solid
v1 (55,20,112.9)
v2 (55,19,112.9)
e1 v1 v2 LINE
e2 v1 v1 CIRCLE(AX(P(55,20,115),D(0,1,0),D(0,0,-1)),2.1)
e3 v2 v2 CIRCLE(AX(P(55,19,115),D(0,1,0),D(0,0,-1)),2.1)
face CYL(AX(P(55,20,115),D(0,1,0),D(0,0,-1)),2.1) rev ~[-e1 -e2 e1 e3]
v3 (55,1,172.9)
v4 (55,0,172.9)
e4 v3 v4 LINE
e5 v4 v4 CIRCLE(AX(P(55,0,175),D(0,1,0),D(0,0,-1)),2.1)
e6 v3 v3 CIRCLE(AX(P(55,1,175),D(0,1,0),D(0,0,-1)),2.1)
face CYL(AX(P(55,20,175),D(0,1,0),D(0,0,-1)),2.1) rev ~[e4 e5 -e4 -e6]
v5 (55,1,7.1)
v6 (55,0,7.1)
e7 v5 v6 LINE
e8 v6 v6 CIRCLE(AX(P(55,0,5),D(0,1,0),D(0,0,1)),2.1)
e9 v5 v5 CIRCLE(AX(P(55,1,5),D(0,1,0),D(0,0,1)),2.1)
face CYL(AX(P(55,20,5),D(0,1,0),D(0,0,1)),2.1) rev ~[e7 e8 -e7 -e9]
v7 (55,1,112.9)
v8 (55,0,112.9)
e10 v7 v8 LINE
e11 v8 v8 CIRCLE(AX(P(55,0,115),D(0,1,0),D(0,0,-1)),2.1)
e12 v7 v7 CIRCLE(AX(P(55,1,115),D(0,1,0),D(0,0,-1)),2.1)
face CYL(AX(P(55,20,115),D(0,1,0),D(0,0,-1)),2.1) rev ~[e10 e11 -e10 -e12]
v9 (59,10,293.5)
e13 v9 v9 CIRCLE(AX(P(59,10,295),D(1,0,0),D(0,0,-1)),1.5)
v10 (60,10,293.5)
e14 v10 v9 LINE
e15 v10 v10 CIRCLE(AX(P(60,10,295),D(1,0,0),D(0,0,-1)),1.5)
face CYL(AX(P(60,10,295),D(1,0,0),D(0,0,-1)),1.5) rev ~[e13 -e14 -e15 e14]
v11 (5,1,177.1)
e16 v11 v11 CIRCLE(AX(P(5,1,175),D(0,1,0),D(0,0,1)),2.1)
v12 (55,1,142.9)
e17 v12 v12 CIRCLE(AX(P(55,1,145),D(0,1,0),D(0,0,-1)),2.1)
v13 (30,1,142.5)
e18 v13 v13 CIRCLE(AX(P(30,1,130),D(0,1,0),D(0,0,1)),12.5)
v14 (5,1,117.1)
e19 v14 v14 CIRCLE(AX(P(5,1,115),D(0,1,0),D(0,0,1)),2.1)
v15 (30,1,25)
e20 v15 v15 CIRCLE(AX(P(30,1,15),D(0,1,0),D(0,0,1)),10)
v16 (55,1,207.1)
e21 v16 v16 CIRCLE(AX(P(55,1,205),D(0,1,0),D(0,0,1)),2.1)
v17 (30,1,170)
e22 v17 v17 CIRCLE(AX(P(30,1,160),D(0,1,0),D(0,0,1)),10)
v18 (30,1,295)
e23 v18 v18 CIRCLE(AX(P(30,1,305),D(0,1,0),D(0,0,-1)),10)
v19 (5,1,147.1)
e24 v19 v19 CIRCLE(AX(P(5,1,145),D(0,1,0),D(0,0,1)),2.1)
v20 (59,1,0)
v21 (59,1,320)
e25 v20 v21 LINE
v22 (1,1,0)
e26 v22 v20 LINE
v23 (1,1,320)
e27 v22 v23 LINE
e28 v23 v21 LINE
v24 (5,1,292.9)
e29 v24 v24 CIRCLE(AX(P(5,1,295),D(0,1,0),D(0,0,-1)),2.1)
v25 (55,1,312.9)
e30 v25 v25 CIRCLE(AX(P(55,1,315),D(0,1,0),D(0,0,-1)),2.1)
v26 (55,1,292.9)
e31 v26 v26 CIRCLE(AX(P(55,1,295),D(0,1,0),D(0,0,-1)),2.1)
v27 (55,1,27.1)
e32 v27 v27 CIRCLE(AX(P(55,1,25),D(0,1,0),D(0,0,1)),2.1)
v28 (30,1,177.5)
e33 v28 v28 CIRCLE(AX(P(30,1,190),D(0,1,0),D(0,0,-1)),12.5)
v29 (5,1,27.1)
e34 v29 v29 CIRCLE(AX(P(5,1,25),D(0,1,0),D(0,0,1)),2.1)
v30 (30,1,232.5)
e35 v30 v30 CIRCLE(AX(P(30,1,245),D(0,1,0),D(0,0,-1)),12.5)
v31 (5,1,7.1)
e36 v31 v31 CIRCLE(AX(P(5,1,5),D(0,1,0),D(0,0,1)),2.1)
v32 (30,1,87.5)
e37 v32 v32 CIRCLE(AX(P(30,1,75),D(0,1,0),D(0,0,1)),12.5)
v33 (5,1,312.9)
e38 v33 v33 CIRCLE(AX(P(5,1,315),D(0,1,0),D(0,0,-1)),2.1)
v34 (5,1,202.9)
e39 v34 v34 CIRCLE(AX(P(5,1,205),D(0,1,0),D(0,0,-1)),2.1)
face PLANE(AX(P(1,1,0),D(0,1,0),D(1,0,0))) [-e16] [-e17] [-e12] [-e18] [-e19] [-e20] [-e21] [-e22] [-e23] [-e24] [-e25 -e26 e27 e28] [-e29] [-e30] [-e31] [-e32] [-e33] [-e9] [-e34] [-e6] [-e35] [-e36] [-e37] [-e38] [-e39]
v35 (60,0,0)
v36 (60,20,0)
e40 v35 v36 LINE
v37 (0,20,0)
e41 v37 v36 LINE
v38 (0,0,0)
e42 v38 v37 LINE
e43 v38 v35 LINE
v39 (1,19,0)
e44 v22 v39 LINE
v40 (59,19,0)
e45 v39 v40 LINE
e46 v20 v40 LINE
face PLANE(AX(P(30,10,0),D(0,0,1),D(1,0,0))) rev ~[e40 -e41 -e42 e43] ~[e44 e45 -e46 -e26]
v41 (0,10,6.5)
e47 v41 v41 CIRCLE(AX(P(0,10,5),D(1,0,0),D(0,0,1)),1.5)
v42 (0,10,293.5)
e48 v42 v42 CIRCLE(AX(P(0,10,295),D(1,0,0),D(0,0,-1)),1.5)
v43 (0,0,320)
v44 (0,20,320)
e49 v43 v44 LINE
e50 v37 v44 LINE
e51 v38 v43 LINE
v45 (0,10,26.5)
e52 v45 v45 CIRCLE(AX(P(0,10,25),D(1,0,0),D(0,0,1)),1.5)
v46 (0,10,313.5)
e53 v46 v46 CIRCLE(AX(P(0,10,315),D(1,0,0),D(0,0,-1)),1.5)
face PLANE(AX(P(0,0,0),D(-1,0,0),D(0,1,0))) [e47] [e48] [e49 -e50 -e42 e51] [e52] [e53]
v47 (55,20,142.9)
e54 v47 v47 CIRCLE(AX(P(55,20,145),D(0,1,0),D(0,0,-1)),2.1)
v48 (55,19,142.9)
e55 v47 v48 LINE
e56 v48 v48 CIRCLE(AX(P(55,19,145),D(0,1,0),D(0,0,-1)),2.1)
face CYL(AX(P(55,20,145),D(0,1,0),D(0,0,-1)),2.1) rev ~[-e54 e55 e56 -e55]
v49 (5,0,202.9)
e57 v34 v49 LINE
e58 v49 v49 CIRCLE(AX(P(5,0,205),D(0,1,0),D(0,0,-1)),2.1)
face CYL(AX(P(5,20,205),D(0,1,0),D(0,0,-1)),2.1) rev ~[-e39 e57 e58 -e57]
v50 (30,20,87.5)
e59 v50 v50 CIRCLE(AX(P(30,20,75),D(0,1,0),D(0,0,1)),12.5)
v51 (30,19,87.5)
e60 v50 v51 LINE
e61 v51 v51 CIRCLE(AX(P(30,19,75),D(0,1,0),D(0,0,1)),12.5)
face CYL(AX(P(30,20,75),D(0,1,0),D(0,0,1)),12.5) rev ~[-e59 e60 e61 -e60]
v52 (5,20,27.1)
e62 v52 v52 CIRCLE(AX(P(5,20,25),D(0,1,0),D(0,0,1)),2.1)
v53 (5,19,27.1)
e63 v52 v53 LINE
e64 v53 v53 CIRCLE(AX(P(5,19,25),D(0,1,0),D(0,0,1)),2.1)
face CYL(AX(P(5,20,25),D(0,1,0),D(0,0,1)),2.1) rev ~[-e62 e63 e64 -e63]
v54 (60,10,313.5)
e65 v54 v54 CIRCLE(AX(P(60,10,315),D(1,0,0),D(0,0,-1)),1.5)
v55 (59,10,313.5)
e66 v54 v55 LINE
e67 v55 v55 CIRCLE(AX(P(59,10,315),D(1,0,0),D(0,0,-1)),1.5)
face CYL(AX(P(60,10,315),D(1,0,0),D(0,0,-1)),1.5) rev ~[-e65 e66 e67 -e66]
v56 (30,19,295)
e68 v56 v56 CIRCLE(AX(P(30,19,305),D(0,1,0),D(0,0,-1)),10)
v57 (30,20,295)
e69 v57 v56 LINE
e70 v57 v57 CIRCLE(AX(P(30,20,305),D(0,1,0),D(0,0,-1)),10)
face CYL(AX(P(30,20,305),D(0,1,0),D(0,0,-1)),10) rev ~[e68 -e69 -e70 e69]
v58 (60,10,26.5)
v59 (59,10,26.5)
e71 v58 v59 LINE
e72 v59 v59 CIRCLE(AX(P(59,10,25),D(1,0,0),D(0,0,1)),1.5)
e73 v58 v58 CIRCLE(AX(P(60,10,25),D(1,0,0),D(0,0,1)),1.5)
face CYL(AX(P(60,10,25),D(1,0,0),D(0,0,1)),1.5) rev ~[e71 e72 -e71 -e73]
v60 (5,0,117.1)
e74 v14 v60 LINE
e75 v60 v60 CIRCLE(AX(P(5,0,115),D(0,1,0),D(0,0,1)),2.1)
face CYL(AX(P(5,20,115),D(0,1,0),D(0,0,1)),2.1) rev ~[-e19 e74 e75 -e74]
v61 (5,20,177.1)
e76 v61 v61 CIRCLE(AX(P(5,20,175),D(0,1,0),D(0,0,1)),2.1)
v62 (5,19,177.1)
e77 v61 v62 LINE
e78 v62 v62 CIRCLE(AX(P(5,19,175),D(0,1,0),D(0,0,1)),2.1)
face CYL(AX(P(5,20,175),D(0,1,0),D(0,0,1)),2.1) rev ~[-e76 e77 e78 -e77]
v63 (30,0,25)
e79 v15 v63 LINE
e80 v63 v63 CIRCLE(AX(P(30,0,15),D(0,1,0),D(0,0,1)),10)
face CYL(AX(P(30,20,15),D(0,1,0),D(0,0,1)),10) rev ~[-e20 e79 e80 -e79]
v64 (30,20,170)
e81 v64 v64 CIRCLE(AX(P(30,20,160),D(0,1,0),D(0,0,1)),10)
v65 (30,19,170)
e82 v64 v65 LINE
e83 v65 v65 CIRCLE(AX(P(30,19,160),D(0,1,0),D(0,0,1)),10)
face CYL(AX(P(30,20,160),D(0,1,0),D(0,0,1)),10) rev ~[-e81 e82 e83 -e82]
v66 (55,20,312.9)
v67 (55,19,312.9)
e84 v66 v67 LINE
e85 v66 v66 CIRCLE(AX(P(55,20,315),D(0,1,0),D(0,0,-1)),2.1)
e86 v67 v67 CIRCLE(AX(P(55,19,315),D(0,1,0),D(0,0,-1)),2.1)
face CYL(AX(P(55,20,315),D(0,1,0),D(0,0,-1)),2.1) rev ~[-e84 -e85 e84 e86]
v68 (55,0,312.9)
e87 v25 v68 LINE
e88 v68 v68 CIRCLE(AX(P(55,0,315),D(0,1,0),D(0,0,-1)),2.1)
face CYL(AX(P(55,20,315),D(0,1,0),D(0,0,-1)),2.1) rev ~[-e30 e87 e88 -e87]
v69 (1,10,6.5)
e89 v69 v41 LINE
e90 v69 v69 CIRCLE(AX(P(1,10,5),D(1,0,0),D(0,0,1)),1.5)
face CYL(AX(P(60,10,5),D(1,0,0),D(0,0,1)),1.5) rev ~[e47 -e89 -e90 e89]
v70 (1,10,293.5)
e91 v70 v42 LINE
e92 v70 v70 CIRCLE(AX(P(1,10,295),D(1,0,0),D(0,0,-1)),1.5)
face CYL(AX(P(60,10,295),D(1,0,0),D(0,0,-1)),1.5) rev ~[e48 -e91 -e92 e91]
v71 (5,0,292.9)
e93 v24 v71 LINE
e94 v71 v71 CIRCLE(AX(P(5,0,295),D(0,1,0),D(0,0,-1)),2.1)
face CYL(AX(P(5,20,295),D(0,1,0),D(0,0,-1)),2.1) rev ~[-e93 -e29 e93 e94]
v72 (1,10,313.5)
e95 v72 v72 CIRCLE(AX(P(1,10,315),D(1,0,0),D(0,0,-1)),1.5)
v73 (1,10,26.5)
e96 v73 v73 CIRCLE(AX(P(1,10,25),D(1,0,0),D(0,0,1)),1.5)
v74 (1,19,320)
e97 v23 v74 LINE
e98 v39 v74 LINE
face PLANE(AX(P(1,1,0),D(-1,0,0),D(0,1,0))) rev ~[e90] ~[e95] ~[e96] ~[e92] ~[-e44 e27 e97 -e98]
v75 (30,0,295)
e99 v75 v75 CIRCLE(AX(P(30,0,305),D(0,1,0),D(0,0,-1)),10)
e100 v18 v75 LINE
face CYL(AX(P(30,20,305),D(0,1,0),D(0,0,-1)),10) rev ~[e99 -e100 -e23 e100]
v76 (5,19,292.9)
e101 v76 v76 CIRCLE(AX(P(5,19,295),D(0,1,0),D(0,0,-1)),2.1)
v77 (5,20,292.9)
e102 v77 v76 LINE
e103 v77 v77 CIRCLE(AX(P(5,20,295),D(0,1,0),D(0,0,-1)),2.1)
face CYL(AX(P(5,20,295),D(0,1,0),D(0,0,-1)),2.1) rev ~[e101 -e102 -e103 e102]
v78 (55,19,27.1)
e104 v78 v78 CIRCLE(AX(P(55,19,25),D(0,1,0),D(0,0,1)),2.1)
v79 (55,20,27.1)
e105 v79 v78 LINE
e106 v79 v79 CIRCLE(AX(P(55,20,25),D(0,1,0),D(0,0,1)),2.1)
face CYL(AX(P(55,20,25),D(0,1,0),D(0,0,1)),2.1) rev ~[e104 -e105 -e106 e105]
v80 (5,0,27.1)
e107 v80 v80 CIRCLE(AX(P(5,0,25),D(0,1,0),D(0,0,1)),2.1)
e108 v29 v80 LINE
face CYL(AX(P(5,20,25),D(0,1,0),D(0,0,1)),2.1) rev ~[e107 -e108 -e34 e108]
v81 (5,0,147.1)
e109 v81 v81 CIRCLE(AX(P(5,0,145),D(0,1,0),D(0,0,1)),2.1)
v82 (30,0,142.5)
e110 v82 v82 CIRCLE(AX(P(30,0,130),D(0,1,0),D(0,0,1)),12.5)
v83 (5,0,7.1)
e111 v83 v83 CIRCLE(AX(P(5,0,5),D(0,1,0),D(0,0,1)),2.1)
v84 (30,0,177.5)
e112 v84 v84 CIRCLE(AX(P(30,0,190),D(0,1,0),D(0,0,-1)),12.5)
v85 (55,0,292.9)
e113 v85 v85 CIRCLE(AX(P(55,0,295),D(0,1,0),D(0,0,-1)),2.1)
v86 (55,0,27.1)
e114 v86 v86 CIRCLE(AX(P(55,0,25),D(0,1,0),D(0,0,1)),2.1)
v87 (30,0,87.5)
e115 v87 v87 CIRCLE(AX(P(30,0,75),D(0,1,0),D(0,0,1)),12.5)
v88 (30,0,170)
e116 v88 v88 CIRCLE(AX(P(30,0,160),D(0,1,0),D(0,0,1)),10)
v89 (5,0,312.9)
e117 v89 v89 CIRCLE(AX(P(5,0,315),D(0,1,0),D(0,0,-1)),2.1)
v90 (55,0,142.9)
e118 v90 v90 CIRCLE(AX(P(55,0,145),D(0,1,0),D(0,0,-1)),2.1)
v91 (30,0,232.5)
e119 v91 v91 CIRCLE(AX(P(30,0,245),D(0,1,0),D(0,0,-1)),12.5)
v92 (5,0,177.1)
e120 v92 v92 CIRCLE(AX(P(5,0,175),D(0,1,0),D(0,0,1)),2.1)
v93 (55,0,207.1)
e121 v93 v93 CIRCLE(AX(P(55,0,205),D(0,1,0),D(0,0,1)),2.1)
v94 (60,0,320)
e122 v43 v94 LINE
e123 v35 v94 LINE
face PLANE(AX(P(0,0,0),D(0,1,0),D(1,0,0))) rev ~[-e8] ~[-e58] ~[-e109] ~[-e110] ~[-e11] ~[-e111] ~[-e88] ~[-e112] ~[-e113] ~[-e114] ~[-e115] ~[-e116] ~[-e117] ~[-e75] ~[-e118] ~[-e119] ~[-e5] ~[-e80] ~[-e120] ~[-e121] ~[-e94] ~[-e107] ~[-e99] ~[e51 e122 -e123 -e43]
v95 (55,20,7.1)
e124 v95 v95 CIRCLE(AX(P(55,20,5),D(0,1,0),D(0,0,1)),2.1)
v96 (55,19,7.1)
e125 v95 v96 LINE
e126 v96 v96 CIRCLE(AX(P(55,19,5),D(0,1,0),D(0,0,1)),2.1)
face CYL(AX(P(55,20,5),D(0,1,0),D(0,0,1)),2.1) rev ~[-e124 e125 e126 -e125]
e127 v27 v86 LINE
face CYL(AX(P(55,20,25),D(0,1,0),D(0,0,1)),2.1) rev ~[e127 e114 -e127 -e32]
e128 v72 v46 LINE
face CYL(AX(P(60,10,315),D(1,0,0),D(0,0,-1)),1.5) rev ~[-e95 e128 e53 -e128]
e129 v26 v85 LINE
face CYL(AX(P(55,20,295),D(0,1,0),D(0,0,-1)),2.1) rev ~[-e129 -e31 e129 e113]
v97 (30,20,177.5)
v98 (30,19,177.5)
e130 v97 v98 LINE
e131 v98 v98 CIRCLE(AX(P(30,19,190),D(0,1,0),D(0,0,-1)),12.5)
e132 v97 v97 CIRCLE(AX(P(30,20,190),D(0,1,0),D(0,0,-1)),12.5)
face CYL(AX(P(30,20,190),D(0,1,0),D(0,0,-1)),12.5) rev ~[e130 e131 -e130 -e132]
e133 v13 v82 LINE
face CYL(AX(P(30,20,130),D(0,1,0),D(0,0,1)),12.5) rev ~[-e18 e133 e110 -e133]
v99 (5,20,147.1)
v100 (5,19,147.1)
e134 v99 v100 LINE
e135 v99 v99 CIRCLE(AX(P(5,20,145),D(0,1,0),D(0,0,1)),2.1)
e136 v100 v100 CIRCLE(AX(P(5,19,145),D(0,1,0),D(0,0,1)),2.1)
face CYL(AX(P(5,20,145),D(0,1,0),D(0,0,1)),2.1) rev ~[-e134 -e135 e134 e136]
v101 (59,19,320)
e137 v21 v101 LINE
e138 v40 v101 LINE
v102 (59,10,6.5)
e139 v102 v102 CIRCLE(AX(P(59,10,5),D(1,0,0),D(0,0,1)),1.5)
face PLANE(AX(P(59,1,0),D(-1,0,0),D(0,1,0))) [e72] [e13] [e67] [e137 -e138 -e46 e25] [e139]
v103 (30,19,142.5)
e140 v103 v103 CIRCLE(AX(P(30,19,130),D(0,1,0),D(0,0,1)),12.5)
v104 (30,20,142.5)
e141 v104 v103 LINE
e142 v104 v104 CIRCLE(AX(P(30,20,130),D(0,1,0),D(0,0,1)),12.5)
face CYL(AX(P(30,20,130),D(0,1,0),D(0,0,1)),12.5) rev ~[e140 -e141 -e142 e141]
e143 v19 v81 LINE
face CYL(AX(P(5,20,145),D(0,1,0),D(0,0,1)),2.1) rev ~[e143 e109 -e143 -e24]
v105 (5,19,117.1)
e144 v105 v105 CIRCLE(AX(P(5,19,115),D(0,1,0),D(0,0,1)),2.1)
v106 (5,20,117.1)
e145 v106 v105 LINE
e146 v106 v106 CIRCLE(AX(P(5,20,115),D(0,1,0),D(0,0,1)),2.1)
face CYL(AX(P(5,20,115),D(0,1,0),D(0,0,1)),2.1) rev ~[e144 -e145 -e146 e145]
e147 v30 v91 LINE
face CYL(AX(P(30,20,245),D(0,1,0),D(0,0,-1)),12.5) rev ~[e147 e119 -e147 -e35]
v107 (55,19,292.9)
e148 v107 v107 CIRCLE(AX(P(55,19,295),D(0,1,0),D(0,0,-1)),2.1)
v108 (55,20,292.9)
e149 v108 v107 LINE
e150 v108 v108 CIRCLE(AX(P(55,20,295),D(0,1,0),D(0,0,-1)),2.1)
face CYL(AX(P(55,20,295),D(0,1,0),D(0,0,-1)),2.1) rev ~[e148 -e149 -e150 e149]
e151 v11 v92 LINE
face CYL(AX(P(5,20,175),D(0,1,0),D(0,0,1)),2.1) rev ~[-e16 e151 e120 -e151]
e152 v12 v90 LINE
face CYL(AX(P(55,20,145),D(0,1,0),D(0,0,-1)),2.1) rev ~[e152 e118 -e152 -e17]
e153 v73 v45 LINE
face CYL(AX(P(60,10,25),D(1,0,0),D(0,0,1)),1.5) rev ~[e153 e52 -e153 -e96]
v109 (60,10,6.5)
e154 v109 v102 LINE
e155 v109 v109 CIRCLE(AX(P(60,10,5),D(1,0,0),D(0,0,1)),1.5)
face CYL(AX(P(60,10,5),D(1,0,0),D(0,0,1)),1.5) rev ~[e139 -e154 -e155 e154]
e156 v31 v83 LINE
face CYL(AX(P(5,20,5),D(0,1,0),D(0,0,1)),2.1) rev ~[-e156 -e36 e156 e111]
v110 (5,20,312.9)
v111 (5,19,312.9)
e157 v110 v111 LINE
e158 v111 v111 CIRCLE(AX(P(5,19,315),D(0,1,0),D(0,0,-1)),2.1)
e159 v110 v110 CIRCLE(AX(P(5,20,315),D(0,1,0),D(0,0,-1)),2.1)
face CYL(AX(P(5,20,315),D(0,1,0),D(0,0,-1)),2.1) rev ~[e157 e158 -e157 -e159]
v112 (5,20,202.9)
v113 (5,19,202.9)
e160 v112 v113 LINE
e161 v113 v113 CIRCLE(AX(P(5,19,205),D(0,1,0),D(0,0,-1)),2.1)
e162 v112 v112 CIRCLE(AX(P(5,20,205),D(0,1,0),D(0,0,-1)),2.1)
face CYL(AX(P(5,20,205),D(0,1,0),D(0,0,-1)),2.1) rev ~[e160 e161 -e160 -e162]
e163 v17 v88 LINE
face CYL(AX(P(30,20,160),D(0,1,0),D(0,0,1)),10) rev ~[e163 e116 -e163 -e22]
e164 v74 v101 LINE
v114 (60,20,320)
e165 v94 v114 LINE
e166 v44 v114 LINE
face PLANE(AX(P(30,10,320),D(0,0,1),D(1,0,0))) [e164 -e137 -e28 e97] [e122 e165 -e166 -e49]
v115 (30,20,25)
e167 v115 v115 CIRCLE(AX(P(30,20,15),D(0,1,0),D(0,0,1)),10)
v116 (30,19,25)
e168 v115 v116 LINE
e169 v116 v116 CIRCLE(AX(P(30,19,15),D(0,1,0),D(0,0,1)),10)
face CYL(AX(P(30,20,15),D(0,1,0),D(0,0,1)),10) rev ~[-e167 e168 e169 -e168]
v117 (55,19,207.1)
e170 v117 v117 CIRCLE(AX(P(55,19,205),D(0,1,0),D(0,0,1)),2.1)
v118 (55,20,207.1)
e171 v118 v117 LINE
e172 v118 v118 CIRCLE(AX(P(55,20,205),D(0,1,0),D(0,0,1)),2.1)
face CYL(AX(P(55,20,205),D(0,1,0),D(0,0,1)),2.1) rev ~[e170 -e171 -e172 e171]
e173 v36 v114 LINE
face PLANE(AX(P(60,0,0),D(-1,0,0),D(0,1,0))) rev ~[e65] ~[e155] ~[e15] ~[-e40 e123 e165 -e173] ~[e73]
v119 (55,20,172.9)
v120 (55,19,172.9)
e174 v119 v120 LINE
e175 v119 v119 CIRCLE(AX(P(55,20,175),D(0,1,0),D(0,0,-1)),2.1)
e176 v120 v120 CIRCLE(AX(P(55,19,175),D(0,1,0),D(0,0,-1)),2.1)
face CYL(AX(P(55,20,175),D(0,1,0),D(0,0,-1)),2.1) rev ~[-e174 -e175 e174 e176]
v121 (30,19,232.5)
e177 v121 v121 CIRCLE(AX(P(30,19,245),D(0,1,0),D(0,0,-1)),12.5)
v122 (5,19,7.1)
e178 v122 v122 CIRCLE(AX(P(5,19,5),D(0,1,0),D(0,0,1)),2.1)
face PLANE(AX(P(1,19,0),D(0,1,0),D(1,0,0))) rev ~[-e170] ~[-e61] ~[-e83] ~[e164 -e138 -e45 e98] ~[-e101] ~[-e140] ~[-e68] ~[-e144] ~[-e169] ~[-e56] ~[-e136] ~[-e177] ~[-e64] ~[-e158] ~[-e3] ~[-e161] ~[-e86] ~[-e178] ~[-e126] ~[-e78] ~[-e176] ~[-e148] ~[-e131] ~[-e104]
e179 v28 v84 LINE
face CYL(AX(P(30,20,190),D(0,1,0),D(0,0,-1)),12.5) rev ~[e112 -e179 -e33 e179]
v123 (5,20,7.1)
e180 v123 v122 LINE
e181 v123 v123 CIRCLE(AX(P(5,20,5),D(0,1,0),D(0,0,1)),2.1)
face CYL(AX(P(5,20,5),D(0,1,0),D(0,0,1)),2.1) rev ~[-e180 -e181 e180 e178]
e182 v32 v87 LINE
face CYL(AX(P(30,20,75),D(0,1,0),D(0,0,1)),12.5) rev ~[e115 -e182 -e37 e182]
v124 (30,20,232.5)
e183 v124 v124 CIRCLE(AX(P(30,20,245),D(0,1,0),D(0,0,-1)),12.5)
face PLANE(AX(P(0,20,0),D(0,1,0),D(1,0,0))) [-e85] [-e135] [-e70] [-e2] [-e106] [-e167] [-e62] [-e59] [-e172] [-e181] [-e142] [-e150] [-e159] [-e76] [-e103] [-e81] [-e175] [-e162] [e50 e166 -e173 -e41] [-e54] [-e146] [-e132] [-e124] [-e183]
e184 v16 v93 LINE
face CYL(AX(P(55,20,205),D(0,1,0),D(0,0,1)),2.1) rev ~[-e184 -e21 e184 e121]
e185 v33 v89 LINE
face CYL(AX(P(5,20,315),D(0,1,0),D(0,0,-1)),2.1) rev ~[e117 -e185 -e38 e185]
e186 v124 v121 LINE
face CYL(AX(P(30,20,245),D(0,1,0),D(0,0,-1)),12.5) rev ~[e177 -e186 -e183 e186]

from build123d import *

# Parameters (mm, degrees)
SKETCH_1_W          = 60
SKETCH_1_H          = 20
SKETCH_1_W_2        = 58
SKETCH_1_H_2        = 18
EXTRUDE_1_DEPTH     = 320
SKETCH_2_R          = 2.1
CUT_EXTRUDE_1_DEPTH = 327.190128606
SKETCH_4_R          = 1.5
CUT_EXTRUDE_2_DEPTH = 327.190128606
SKETCH_5_R          = 10
SKETCH_5_R_2        = 12.5
CUT_EXTRUDE_3_DEPTH = 327.190128606


with BuildPart() as part:
    # 草图1 → 拉伸-薄壁1 (new body)
    with BuildSketch(Plane.XY):
        with Locations((30, 10)):
            Rectangle(SKETCH_1_W, SKETCH_1_H)
        with Locations((30, 10)):
            Rectangle(SKETCH_1_W_2, SKETCH_1_H_2, mode=Mode.SUBTRACT)
    extrude(amount=EXTRUDE_1_DEPTH)

    # 草图2 → 切除-拉伸1 (cut, through all)
    with BuildSketch(Plane(origin=(0, 20, 0), x_dir=(1, 0, 0), z_dir=(0, 1, 0))):
        with Locations(Location((5, -145, 0), (0, 0, 270))):
            Circle(SKETCH_2_R)
        with Locations(Location((5, -175, 0), (0, 0, 270))):
            Circle(SKETCH_2_R)
        with Locations(Location((55, -175, 0), (0, 0, 90))):
            Circle(SKETCH_2_R)
        with Locations(Location((55, -145, 0), (0, 0, 90))):
            Circle(SKETCH_2_R)
        with Locations(Location((5, -115, 0), (0, 0, 270))):
            Circle(SKETCH_2_R)
        with Locations(Location((5, -205, 0), (0, 0, 90))):
            Circle(SKETCH_2_R)
        with Locations(Location((55, -205, 0), (0, 0, 270))):
            Circle(SKETCH_2_R)
        with Locations(Location((55, -115, 0), (0, 0, 90))):
            Circle(SKETCH_2_R)
        with Locations(Location((5, -5, 0), (0, 0, 270))):
            Circle(SKETCH_2_R)
        with Locations(Location((55, -5, 0), (0, 0, 270))):
            Circle(SKETCH_2_R)
        with Locations(Location((55, -25, 0), (0, 0, 270))):
            Circle(SKETCH_2_R)
        with Locations(Location((5, -25, 0), (0, 0, 270))):
            Circle(SKETCH_2_R)
        with Locations(Location((5, -295, 0), (0, 0, 90))):
            Circle(SKETCH_2_R)
        with Locations(Location((55, -295, 0), (0, 0, 90))):
            Circle(SKETCH_2_R)
        with Locations(Location((55, -315, 0), (0, 0, 90))):
            Circle(SKETCH_2_R)
        with Locations(Location((5, -315, 0), (0, 0, 90))):
            Circle(SKETCH_2_R)
    extrude(amount=-CUT_EXTRUDE_1_DEPTH, mode=Mode.SUBTRACT)

    # 草图4 → 切除-拉伸2 (cut, through all)
    with BuildSketch(Plane(origin=(60, 0, 0), x_dir=(0, 0, -1), z_dir=(1, 0, 0))):
        with Locations((-315, 10)):
            Circle(SKETCH_4_R)
        with Locations((-295, 10)):
            Circle(SKETCH_4_R)
        with Locations(Location((-25, 10, 0), (0, 0, 180))):
            Circle(SKETCH_4_R)
        with Locations(Location((-5, 10, 0), (0, 0, 180))):
            Circle(SKETCH_4_R)
    extrude(amount=-CUT_EXTRUDE_2_DEPTH, mode=Mode.SUBTRACT)

    # 草图5 → 切除-拉伸3 (cut, through all)
    with BuildSketch(Plane(origin=(0, 20, 0), x_dir=(1, 0, 0), z_dir=(0, 1, 0))):
        with Locations(Location((30, -160, 0), (0, 0, 270))):
            Circle(SKETCH_5_R)
        with Locations(Location((30, -130, 0), (0, 0, 270))):
            Circle(SKETCH_5_R_2)
        with Locations(Location((30, -190, 0), (0, 0, 90))):
            Circle(SKETCH_5_R_2)
        with Locations(Location((30, -75, 0), (0, 0, 270))):
            Circle(SKETCH_5_R_2)
        with Locations(Location((30, -15, 0), (0, 0, 270))):
            Circle(SKETCH_5_R)
        with Locations(Location((30, -305, 0), (0, 0, 90))):
            Circle(SKETCH_5_R)
        with Locations(Location((30, -245, 0), (0, 0, 90))):
            Circle(SKETCH_5_R_2)
    extrude(amount=-CUT_EXTRUDE_3_DEPTH, mode=Mode.SUBTRACT)


solid = part.part
